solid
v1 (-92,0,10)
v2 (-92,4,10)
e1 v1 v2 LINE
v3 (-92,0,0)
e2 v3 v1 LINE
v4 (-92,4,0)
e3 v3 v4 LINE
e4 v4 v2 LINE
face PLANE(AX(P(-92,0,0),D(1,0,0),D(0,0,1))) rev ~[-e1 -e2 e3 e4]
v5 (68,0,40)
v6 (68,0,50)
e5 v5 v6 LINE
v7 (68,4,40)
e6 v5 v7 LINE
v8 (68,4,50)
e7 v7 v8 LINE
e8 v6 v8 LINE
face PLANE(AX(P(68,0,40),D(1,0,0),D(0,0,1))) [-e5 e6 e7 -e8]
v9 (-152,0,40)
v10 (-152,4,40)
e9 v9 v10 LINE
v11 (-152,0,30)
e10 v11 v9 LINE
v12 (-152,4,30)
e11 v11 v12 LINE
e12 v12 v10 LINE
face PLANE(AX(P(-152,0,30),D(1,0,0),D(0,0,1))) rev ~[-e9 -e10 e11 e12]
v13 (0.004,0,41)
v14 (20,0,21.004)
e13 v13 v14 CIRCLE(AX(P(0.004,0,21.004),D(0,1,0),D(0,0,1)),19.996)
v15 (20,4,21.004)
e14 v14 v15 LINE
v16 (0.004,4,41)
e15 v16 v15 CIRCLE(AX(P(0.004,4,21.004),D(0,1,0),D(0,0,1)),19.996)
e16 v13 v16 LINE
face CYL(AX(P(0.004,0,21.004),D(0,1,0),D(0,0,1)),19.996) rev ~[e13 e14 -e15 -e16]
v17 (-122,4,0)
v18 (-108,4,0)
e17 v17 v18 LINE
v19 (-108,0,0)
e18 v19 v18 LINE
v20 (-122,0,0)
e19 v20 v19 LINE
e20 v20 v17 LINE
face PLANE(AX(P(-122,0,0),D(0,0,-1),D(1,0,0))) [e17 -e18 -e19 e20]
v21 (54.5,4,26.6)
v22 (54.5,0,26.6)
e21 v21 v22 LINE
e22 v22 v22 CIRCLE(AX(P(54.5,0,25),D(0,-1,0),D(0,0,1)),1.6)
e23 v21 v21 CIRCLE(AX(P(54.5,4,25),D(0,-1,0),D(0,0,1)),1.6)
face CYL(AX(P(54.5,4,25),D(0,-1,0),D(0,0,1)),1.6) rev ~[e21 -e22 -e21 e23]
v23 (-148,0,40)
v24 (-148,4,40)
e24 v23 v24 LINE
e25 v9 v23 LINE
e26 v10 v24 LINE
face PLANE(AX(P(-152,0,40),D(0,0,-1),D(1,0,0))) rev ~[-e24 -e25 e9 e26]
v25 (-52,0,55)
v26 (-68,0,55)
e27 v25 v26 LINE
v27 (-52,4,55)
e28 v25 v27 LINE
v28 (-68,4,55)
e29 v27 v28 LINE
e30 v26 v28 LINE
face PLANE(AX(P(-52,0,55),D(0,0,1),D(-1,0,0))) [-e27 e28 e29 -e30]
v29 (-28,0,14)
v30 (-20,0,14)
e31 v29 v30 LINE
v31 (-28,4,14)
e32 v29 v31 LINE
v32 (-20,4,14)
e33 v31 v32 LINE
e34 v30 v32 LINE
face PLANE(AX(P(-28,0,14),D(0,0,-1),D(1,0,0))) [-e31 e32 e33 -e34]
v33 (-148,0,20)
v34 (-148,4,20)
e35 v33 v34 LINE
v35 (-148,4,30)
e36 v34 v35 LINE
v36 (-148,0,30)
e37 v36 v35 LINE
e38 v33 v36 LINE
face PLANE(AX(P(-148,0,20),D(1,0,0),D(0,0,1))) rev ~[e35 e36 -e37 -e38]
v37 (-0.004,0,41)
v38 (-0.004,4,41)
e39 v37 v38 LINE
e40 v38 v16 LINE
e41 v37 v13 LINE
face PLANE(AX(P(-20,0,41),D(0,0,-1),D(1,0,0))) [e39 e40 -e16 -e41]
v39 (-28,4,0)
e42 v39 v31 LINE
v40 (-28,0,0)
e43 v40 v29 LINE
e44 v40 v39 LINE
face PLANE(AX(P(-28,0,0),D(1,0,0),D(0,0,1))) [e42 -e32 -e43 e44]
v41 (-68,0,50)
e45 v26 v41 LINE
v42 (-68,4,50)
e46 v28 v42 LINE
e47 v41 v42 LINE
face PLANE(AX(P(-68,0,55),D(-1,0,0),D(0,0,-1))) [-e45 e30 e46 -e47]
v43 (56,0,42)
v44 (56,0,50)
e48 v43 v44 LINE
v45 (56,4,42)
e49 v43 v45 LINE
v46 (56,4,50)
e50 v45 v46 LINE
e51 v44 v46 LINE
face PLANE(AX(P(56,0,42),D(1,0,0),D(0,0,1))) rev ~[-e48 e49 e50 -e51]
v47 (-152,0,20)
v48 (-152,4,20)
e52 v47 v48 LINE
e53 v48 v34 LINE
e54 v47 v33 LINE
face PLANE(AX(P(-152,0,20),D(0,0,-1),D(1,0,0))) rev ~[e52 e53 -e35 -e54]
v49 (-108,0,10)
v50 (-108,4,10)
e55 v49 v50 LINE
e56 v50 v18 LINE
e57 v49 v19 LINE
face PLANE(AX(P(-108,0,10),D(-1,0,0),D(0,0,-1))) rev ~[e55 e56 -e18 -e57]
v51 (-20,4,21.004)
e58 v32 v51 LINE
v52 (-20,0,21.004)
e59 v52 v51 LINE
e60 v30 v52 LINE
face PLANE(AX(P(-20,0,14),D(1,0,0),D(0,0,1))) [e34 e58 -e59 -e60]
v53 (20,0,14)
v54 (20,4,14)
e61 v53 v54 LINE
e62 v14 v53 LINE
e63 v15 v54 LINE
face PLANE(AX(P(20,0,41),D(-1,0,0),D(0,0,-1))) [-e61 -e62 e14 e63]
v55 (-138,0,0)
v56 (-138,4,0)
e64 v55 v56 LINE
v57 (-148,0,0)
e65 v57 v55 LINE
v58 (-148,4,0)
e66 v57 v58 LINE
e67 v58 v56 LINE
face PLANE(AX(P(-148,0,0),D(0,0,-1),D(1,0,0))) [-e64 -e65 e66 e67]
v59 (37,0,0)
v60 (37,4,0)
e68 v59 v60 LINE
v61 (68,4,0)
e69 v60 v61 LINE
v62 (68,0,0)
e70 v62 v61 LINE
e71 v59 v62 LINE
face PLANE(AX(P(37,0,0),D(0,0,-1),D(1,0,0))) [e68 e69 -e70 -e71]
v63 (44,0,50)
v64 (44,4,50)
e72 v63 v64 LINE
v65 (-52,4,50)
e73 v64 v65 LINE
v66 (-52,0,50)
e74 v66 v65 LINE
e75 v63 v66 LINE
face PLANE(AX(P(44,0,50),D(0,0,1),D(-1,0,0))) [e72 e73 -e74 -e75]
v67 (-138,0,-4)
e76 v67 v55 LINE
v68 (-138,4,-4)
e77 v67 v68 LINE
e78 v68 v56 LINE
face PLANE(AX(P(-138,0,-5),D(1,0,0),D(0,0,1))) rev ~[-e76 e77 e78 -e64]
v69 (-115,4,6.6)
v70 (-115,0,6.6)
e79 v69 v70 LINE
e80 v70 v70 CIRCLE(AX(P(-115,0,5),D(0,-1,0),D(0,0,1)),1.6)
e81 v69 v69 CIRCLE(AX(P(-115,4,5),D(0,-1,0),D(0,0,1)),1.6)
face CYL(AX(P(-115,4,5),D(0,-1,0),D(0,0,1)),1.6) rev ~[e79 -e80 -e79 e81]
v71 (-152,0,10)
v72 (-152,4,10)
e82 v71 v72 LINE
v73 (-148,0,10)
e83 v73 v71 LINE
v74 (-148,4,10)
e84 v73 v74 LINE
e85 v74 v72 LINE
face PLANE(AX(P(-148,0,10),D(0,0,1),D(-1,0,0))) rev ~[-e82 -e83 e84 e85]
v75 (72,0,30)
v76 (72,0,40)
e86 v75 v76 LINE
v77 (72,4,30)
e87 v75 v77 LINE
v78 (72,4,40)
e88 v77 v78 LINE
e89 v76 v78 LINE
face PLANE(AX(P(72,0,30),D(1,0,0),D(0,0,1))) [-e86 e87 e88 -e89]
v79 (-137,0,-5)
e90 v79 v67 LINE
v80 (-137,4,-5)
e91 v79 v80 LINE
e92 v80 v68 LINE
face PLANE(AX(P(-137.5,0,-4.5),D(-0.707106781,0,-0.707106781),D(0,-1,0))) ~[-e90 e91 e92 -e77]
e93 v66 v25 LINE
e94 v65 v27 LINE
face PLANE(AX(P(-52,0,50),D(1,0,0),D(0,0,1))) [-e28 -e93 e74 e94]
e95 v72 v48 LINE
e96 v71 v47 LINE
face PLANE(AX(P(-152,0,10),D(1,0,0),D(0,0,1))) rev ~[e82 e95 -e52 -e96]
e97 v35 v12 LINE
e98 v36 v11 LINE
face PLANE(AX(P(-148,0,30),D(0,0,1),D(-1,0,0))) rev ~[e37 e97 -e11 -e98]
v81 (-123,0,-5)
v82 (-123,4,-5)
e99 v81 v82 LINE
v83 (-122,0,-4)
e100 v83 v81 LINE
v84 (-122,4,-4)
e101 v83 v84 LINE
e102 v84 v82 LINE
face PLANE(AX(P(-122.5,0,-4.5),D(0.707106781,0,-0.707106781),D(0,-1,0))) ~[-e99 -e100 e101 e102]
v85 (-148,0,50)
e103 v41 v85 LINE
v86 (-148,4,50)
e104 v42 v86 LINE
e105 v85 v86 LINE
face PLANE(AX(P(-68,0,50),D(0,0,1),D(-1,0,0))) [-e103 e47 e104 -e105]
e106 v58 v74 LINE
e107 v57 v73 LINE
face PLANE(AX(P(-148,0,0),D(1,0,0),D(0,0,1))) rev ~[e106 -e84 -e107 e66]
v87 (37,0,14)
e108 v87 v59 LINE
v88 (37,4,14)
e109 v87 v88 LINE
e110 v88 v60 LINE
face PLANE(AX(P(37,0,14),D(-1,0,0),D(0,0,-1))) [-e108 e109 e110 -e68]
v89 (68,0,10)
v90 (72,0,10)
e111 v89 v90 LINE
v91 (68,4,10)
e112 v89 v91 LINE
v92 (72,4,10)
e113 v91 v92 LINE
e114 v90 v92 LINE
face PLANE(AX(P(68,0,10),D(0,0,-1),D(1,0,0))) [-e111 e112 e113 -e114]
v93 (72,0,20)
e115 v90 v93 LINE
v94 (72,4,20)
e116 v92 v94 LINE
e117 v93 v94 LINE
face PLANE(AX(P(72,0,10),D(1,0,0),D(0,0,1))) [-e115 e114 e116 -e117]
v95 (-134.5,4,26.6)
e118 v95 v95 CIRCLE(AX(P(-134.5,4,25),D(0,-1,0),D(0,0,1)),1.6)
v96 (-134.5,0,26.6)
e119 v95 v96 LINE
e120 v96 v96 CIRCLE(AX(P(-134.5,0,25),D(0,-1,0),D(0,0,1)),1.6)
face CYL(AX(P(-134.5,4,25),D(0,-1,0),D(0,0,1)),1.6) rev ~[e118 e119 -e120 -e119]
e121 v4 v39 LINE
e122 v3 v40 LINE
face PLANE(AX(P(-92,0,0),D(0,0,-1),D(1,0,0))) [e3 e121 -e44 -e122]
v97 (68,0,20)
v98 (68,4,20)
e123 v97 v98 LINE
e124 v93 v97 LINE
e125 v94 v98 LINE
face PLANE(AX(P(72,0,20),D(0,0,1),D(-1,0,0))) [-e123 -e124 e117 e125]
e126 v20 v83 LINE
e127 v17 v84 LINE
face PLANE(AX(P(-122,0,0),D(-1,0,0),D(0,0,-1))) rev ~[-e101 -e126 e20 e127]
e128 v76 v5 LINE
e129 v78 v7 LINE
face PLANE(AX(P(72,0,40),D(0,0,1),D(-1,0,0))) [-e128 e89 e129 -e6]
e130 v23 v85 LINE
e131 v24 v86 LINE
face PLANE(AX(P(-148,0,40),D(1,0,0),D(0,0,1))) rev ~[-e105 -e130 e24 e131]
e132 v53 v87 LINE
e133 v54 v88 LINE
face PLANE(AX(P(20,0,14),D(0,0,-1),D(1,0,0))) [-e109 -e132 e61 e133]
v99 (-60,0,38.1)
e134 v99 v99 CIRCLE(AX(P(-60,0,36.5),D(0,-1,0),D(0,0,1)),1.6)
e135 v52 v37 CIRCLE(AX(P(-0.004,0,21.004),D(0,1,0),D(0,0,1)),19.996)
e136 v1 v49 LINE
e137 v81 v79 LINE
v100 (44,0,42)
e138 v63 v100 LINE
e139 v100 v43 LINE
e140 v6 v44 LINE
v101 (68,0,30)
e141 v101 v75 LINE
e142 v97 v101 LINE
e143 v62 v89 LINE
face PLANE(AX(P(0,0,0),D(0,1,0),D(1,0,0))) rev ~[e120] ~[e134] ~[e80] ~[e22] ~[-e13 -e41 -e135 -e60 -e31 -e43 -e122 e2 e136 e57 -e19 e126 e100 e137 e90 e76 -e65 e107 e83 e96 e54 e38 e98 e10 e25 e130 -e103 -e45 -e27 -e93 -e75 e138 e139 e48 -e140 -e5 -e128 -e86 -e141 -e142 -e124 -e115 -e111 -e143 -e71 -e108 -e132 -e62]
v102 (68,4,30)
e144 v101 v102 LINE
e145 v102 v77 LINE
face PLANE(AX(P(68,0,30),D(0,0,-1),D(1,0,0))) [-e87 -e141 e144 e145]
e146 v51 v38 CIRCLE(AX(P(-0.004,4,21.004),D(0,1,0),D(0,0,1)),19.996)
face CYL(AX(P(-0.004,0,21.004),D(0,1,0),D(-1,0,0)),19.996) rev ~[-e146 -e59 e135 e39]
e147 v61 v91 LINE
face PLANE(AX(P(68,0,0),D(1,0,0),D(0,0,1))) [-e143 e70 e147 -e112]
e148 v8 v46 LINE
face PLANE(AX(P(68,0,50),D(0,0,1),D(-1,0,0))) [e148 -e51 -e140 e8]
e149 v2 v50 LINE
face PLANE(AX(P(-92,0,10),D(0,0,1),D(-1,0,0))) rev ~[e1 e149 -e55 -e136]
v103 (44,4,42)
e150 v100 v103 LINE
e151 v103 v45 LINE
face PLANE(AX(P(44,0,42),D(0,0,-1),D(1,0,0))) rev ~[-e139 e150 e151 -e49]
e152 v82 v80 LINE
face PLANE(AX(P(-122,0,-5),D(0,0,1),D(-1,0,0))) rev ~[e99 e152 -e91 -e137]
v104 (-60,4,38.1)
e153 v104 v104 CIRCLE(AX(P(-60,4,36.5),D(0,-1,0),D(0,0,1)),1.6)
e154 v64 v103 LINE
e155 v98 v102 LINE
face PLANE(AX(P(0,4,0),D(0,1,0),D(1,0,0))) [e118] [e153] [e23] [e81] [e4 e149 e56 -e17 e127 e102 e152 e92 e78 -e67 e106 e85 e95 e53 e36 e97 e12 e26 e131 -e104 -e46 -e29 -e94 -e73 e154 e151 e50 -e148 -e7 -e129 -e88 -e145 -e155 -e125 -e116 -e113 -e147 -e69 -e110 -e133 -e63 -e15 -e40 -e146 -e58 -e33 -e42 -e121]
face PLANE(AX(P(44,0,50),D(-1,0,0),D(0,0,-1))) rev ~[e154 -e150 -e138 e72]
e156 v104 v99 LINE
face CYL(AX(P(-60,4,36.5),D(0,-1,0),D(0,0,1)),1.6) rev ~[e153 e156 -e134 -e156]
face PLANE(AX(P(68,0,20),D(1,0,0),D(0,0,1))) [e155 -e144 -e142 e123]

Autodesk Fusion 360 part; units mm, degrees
sketch "スケッチ1" plane through (0, 0, 0) normal (0, 1, 0) x (1, 0, 0)
  line L0 (-20, -14) -> (-20, -41)
  line L1 (-20, -41) -> (20, -41)
  line L2 (20, -41) -> (20, -14)
  line L3 (20, -14) -> (37, -14)
  line L4 (37, -14) -> (37, 0)
  line L5 (37, 0) -> (68, 0)
  line L6 (68, 0) -> (68, -10)
  line L7 (68, -10) -> (72, -10)
  line L8 (72, -10) -> (72, -20)
  line L9 (72, -20) -> (68, -20)
  line L10 (68, -20) -> (68, -30)
  line L11 (68, -30) -> (72, -30)
  line L12 (72, -30) -> (72, -40)
  line L13 (72, -40) -> (68, -40)
  line L14 (68, -40) -> (68, -50)
  line L15 (68, -50) -> (-148, -50)
  line L16 (-148, 0) -> (-28, 0)
  line L17 (-148, 0) -> (-148, -10)
  line L18 (-148, -10) -> (-152, -10)
  line L19 (-152, -10) -> (-152, -20)
  line L20 (-152, -20) -> (-148, -20)
  line L21 (-148, -20) -> (-148, -30)
  line L22 (-148, -30) -> (-152, -30)
  line L23 (-152, -30) -> (-152, -40)
  line L24 (-152, -40) -> (-148, -40)
  line L25 (-148, -40) -> (-148, -50)
  line L26 (-108, 0) -> (-92, 0)
  line L27 (-92, 0) -> (-92, -10)
  line L28 (-92, -10) -> (-108, -10)
  line L29 (-108, -10) -> (-108, 0)
  line L30 (-68, -50) -> (-52, -50)
  line L31 (-52, -50) -> (-52, -55)
  line L32 (-52, -55) -> (-68, -55)
  line L33 (-68, -55) -> (-68, -50)
  line L34 (-138, 0) -> (-122, 0)
  line L35 (-122, 0) -> (-122, 5)
  line L36 (-122, 5) -> (-138, 5)
  line L37 (-138, 5) -> (-138, 0)
  line L38 (56, -50) -> (44, -50)
  line L39 (44, -50) -> (44, -42)
  line L40 (44, -42) -> (56, -42)
  line L41 (56, -42) -> (56, -50)
  line L42 (-28, 0) -> (-28, -14)
  line L43 (-28, -14) -> (-20, -14)
  point P0 (-100, 0)
  point P1 (-130, 0)
  point P2 (-60, -50)
  dimension "d9" = 20
  dimension "d10" = 14
  dimension "d11" = 68
  dimension "d12" = 4
  dimension "d13" = 10
  dimension "d14" = 10
  dimension "d15" = 10
  dimension "d16" = 10
  dimension "d17" = 10
  dimension "d19" = 17
  dimension "d34" = 4
  dimension "d37" = 216
  dimension "d40" = 100
  dimension "d41" = 10
  dimension "d42" = 16
  dimension "d43" = 5
  dimension "d44" = 16
  dimension "d45" = 60
  dimension "d46" = 130
  dimension "d50" = 12
  dimension "d51" = 12
  dimension "d52" = 8
  dimension "d53" = 41
  dimension "d54" = 20
  dimension "d55" = 8
extrude "押し出し1" add sketch "スケッチ1" along normal blind 4 contours L0 L1 L2 L3 L4 L5 L6 L7 L8 L9 L10 L11 L12 L13 L14 L15 L16 L17 L18 L19 L20 L21 L22 L23 L24 L25 L27 L28 L29 L30 L34 L39 L40 L41 L42 L43 | L16 L34 L35 L36 L37 | L15 L30 L31 L32 L33
sketch "スケッチ2" plane through (0, 4, 0) normal (0, 1, 0) x (-1, 0, 0)
  line L0 (-56, 50) -> (-68, 50)
  line L1 (-68, 50) -> (-68, 40)
  line L2 (-68, 40) -> (-72, 40)
  line L3 (-72, 40) -> (-72, 30)
  line L4 (-72, 30) -> (-68, 30)
  line L5 (-68, 30) -> (-68, 20)
  line L6 (-68, 20) -> (-72, 20)
  line L7 (-72, 20) -> (-72, 10)
  line L8 (-72, 10) -> (-68, 10)
  line L9 (-68, 10) -> (-68, 0)
  line L10 (-68, 0) -> (-37, 0)
  line L11 (-37, 0) -> (-37, 14)
  line L12 (-37, 14) -> (-20, 14)
  line L13 (-20, 14) -> (-20, 41)
  line L14 (-20, 41) -> (20, 41)
  line L15 (20, 41) -> (20, 14)
  line L16 (138, 0) -> (148, 0)
  line L17 (-54.5, 25) -> (-68, 25)
  line L18 (60, 36.5) -> (115, 5)
  line L19 (148, 0) -> (148, 10)
  line L20 (148, 10) -> (152, 10)
  line L21 (152, 10) -> (152, 20)
  line L22 (152, 20) -> (148, 20)
  line L23 (148, 20) -> (148, 30)
  line L24 (148, 30) -> (152, 30)
  line L25 (152, 30) -> (152, 40)
  line L26 (152, 40) -> (148, 40)
  line L27 (148, 40) -> (148, 50)
  line L28 (148, 25) -> (134.5, 25)
  line L29 (92, 0) -> (92, 10)
  line L30 (92, 10) -> (108, 10)
  line L31 (108, 10) -> (108, 0)
  line L32 (122, 0) -> (122, -5)
  line L33 (122, -5) -> (138, -5)
  line L34 (138, -5) -> (138, 0)
  line L35 (68, 50) -> (68, 55)
  line L36 (68, 55) -> (52, 55)
  line L37 (52, 55) -> (52, 50)
  line L38 (52, 50) -> (-44, 50)
  line L39 (108, 0) -> (122, 0)
  line L40 (-44, 50) -> (-44, 42)
  line L41 (-44, 42) -> (-56, 42)
  line L42 (-56, 42) -> (-56, 50)
  line L43 (148, 50) -> (68, 50)
  line L44 (20, 14) -> (28, 14)
  line L45 (28, 14) -> (28, 0)
  line L46 (28, 0) -> (92, 0)
  dimension "d24" = 13.5
  dimension "d25" = 5
  dimension "d27" = 13.5
  dimension "d38" = 60
  dimension "d39" = 115
hole "穴1" at (-115, 4, 5) at (-60, 4, 36.5) at (54.5, 4, 25) at (-134.5, 4, 25) direction (0, -1, 0) diameter 3.2 end through all
fillet "フィレット1" radius 20 2 edges at (20, 2, 41) (-20, 2, 41)
chamfer "面取り1" distance 1 angle 45 2 edges at (-138, 2, -5) (-122, 2, -5)
